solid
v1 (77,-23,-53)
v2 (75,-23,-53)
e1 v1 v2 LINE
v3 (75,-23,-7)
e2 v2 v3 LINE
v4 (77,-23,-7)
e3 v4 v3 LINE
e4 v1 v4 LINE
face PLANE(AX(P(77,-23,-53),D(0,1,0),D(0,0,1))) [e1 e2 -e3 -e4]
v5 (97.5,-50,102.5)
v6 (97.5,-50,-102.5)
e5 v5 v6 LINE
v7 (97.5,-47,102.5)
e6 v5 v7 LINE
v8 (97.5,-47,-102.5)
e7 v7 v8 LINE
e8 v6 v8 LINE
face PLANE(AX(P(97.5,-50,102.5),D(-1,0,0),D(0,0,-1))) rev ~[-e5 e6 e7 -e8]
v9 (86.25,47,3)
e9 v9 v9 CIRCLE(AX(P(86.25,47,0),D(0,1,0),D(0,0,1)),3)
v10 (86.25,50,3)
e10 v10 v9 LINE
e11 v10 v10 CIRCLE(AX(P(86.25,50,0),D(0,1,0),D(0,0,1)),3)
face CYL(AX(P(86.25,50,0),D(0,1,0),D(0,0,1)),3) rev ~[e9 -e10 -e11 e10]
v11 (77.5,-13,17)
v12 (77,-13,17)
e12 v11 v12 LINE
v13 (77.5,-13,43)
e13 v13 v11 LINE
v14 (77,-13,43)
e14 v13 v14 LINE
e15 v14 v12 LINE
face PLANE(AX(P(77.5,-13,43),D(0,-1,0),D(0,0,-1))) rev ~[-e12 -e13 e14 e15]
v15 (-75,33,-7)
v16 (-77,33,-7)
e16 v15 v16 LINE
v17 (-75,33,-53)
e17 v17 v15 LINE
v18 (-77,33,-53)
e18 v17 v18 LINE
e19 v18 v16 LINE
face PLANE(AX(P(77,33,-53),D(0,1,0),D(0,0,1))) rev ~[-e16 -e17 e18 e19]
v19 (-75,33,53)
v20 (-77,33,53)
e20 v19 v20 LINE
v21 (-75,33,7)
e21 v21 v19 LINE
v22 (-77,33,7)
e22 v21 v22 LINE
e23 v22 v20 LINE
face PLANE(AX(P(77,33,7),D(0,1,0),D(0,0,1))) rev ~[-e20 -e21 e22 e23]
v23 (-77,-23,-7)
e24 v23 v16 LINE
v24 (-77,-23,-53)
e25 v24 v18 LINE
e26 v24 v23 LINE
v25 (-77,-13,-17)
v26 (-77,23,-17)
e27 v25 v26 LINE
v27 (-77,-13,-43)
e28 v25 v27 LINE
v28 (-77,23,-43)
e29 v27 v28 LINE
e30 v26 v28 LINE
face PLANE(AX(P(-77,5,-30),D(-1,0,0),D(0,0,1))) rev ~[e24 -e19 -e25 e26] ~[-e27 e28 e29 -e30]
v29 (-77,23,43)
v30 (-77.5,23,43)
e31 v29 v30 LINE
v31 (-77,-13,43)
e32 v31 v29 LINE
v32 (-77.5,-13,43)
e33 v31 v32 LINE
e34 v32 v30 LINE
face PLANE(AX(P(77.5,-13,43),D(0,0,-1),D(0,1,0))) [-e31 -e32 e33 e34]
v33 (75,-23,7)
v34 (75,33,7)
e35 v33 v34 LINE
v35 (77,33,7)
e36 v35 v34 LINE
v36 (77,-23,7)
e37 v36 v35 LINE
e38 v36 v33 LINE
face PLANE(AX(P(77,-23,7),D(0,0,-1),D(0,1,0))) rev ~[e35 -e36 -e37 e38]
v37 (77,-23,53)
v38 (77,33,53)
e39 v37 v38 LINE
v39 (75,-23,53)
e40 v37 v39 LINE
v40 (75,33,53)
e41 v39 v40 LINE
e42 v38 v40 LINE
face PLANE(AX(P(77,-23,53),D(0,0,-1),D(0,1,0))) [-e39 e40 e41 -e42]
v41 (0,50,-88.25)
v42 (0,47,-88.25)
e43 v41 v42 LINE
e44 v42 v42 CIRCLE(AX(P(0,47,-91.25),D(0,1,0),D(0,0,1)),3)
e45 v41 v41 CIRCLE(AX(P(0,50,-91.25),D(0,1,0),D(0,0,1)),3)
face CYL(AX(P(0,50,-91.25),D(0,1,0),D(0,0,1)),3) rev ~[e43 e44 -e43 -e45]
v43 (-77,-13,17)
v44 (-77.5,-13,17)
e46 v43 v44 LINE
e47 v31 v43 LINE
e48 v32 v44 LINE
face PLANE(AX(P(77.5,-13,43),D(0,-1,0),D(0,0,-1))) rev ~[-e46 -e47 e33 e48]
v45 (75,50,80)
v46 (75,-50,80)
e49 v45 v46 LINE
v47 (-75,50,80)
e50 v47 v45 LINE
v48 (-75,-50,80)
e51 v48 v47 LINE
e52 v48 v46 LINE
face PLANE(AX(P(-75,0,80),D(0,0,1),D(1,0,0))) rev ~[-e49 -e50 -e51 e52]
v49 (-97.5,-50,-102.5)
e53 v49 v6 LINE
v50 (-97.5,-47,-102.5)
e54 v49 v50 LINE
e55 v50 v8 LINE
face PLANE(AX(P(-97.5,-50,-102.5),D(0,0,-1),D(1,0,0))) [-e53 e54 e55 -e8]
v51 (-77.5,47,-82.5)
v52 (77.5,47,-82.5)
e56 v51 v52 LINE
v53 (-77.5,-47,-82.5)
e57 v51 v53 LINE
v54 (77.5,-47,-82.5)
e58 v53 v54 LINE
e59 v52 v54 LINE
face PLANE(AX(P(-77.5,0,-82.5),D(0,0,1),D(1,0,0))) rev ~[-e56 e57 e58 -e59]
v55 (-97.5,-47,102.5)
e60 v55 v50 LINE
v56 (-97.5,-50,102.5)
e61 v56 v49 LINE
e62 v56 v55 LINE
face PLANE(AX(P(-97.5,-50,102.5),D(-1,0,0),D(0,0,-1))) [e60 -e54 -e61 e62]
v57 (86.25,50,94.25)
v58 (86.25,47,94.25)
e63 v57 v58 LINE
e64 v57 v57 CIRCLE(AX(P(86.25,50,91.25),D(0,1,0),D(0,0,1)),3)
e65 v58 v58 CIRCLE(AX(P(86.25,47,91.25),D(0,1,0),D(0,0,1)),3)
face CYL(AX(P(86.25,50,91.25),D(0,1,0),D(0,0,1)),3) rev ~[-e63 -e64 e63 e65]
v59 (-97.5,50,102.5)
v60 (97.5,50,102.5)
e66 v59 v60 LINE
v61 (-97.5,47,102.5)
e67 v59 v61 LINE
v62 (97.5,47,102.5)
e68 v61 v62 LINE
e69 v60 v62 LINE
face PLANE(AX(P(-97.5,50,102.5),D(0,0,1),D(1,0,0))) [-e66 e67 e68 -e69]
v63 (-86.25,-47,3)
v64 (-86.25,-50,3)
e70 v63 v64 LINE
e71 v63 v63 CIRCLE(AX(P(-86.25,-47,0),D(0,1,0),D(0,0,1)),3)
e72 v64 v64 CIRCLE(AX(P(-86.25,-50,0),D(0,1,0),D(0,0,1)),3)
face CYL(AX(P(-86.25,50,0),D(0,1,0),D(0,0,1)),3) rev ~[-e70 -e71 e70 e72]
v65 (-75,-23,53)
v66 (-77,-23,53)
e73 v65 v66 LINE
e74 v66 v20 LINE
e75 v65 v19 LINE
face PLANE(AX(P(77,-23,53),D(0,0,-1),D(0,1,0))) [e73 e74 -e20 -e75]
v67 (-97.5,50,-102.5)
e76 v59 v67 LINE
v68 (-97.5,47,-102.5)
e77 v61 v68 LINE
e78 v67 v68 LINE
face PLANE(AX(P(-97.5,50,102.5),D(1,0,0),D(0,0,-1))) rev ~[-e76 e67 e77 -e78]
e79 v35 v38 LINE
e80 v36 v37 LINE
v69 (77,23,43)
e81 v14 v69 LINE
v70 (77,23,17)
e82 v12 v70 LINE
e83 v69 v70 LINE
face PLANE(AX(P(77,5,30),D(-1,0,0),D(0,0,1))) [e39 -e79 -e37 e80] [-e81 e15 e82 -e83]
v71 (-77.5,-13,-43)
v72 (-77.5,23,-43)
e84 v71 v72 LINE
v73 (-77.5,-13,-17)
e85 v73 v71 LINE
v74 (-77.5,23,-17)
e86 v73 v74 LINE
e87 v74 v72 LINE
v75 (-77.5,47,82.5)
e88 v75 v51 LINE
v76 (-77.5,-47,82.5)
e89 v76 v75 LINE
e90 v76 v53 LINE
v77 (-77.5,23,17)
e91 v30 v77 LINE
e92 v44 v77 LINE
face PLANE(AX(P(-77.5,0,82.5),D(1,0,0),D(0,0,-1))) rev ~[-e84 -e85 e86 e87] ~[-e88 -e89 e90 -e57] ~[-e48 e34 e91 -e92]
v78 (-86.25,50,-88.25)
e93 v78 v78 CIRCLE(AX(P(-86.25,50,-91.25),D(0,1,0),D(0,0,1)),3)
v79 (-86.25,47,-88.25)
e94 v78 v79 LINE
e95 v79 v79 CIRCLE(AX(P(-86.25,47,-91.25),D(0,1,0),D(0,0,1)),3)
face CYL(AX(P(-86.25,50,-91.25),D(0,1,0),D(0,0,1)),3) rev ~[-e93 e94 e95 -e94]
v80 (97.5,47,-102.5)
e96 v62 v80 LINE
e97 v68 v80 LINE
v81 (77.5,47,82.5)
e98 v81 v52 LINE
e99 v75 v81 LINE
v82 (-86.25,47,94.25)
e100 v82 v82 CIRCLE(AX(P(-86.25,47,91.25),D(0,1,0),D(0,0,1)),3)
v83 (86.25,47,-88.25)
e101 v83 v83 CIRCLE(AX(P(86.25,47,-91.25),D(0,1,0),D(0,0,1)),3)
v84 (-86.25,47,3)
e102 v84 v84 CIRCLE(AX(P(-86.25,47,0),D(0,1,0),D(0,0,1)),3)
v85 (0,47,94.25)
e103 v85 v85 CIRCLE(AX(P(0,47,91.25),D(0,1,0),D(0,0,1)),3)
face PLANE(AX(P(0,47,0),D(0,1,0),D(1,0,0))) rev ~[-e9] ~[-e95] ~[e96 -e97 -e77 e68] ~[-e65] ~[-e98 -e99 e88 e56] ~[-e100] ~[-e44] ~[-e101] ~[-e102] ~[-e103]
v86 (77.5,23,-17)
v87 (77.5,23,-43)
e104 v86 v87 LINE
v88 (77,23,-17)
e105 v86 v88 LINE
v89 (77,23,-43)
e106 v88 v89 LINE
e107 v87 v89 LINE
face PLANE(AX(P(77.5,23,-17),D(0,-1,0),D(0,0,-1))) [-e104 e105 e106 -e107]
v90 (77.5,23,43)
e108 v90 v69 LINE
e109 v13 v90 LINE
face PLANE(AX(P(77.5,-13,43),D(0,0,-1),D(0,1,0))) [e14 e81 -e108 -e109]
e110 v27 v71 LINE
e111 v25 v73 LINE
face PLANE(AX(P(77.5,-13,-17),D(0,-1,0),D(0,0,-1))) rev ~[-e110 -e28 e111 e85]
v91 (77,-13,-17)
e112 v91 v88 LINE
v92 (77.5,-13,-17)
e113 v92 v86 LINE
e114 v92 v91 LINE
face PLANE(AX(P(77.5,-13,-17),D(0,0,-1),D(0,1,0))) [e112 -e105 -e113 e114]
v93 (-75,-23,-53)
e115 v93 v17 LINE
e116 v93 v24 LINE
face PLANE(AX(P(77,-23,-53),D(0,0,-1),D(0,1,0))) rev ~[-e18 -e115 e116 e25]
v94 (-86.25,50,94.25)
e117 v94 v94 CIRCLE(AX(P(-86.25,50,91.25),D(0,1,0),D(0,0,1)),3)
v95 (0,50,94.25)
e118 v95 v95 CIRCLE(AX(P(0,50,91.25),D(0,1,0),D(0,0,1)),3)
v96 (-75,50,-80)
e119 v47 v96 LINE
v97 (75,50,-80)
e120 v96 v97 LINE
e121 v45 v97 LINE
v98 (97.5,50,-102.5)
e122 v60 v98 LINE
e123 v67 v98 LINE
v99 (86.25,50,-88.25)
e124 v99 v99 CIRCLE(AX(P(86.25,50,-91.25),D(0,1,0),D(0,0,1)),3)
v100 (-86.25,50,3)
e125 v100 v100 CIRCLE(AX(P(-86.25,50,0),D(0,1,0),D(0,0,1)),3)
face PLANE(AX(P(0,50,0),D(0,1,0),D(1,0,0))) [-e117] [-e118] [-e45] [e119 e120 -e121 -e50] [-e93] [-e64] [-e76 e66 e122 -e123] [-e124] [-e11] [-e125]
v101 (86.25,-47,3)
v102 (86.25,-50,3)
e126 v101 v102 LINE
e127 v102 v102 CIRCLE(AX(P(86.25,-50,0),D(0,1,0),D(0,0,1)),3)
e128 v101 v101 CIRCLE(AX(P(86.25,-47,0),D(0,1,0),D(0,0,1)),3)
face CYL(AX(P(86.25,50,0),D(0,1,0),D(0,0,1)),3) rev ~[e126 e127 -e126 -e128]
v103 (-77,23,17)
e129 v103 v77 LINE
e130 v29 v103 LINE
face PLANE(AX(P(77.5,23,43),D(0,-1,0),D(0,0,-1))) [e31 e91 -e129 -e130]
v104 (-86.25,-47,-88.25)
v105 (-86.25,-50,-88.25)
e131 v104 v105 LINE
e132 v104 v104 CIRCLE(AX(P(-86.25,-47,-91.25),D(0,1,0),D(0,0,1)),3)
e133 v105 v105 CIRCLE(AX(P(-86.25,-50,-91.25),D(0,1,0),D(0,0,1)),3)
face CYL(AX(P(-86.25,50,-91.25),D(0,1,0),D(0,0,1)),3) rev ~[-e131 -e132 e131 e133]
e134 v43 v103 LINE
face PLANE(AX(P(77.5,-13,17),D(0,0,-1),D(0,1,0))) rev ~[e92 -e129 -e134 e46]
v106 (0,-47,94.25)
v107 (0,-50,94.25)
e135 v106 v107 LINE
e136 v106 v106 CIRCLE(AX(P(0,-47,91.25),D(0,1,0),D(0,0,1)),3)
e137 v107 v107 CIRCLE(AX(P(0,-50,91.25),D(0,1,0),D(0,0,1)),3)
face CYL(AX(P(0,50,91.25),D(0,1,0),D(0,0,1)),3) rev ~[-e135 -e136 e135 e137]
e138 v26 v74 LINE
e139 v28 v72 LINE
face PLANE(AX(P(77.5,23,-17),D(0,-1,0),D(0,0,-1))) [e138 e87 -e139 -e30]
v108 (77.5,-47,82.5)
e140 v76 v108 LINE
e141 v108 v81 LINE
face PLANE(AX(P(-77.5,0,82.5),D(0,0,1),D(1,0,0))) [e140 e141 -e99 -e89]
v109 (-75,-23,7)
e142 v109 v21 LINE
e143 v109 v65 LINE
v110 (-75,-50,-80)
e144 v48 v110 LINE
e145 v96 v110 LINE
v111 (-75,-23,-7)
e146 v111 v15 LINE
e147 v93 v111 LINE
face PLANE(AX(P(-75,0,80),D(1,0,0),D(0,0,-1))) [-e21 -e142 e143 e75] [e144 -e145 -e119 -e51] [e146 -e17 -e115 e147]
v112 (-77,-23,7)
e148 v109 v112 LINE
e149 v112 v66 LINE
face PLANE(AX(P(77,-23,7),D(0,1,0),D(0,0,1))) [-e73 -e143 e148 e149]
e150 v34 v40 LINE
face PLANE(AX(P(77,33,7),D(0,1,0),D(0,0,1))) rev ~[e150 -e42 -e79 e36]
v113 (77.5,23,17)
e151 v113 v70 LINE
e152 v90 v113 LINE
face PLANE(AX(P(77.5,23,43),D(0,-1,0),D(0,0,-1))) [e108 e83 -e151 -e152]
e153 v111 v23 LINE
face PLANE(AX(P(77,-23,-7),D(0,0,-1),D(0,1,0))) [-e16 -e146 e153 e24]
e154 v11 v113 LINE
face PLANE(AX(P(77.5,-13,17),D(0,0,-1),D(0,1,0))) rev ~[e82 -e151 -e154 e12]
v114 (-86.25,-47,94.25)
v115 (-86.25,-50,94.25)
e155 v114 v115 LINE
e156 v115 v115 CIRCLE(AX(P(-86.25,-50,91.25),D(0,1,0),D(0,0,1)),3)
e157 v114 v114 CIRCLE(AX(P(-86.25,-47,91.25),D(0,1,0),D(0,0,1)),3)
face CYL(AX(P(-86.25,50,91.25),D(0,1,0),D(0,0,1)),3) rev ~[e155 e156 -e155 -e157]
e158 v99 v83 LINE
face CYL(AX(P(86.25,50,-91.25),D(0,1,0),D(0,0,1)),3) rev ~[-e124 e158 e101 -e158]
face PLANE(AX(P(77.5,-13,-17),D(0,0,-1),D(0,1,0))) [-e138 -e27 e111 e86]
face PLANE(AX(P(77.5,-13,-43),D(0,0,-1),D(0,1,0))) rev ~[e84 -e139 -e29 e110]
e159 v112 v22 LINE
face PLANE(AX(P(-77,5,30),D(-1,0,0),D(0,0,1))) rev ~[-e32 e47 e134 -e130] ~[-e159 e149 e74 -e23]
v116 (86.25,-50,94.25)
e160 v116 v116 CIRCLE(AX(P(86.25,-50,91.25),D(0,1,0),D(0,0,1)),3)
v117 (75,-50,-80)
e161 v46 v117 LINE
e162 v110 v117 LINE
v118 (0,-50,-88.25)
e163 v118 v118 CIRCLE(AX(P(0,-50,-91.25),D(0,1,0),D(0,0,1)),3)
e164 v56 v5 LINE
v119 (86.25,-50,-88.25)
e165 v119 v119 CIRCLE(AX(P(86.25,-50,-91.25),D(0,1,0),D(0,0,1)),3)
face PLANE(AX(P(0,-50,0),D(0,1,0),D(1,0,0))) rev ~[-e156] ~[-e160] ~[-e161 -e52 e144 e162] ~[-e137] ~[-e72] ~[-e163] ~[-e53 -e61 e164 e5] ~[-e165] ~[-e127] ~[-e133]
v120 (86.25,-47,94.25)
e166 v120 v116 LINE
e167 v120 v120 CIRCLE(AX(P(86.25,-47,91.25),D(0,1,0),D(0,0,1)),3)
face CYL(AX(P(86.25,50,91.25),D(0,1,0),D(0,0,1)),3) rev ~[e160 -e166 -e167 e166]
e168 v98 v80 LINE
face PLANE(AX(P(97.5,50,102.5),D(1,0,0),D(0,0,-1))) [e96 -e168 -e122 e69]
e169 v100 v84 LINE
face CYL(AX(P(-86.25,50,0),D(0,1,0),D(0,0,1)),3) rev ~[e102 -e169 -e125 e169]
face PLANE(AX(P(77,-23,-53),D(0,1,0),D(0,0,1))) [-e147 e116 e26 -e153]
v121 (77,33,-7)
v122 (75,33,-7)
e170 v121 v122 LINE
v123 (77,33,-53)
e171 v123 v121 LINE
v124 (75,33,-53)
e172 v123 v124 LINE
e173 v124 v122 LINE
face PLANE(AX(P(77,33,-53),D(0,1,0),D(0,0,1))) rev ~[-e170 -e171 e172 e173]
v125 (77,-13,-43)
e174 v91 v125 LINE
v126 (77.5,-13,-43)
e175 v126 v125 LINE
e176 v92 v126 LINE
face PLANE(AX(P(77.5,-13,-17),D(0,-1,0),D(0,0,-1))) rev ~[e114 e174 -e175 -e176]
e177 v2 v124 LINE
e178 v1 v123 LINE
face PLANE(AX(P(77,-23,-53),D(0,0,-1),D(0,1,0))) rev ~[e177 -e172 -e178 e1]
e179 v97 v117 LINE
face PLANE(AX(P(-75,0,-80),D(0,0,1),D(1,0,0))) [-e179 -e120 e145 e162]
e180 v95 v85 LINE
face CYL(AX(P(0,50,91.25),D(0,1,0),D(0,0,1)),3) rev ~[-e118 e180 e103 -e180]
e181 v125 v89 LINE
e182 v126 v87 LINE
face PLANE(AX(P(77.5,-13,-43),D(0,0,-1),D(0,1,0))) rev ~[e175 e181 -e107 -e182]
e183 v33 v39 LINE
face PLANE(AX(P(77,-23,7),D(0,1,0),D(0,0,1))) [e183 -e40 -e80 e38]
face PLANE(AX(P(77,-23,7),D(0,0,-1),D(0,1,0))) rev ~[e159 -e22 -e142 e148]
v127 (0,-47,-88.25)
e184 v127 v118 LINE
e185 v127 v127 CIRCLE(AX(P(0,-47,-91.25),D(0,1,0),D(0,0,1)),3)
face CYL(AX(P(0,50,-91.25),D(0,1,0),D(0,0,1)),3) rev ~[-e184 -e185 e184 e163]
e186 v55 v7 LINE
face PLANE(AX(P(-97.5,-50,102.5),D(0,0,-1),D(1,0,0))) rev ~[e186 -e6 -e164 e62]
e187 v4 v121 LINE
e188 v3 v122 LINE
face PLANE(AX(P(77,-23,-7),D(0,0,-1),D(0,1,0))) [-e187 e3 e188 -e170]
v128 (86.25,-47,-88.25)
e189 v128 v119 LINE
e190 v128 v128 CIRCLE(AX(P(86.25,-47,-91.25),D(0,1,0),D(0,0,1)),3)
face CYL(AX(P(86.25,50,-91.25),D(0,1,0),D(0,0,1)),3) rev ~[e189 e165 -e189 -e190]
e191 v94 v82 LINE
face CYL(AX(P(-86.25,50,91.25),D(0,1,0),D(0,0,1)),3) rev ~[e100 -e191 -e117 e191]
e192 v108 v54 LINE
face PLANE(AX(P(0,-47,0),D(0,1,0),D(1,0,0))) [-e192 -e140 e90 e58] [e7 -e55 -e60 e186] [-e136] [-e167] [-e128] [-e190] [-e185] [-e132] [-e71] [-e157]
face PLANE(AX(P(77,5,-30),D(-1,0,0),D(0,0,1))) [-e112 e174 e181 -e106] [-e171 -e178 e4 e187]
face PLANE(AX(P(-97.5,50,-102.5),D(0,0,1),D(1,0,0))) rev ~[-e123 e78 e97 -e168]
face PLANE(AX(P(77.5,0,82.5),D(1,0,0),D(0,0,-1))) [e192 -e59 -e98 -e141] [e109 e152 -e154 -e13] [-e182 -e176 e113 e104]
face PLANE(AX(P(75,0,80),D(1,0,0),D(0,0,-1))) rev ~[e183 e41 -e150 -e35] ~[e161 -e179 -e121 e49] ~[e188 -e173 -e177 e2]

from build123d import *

# Parameters (mm, degrees)
SKETCH1_W           = 155
SKETCH1_H           = 165
SKETCH1_W_2         = 150
SKETCH1_H_2         = 160
BOSS_EXTRUDE1_DEPTH = 50
SKETCH2_W           = 26
SKETCH2_H           = 36
CUT_EXTRUDE1_DEPTH  = 183.568480303
CUT_EXTRUDE2_START  = -2
SKETCH3_W           = 46
SKETCH3_H           = 56
CUT_EXTRUDE2_DEPTH  = 154
SKETCH4_W           = 195
SKETCH4_H           = 205
SKETCH4_W_2         = 155
SKETCH4_H_2         = 165
BOSS_EXTRUDE2_DEPTH = 3
BOSS_EXTRUDE3_START = -100
SKETCH4_2_W         = 195
SKETCH4_2_H         = 205
SKETCH4_2_W_2       = 155
SKETCH4_2_H_2       = 165
BOSS_EXTRUDE3_DEPTH = 3
SKETCH5_R           = 3
CUT_EXTRUDE3_DEPTH  = 174.241161391


with BuildPart() as part:
    # Sketch1 → Boss-Extrude1 (new, symmetric)
    with BuildSketch(Plane(origin=(0, 0, 0), x_dir=(1, 0, 0), z_dir=(0, 1, 0))):
        Rectangle(SKETCH1_W, SKETCH1_H)
        Rectangle(SKETCH1_W_2, SKETCH1_H_2, mode=Mode.SUBTRACT)
    extrude(amount=BOSS_EXTRUDE1_DEPTH, both=True)

    # Sketch2 → Cut-Extrude1 (cut, through all)
    with BuildSketch(Plane(origin=(77.5, 0, 0), x_dir=(0, 0, -1), z_dir=(1, 0, 0))):
        with Locations((-30, 5)):
            Rectangle(SKETCH2_W, SKETCH2_H)
        with Locations((30, 5)):
            Rectangle(SKETCH2_W, SKETCH2_H)
    extrude(amount=-CUT_EXTRUDE1_DEPTH, mode=Mode.SUBTRACT)

    # Sketch3 → Cut-Extrude2 (cut)
    with BuildSketch(Plane.ZY.offset(-75).offset(CUT_EXTRUDE2_START)):
        with Locations((-30, 5)):
            Rectangle(SKETCH3_W, SKETCH3_H)
        with Locations((30, 5)):
            Rectangle(SKETCH3_W, SKETCH3_H)
    extrude(amount=CUT_EXTRUDE2_DEPTH, mode=Mode.SUBTRACT)

    # Sketch4 → Boss-Extrude2 (add)
    with BuildSketch(Plane(origin=(0, 50, 0), x_dir=(1, 0, 0), z_dir=(0, 1, 0))):
        Rectangle(SKETCH4_W, SKETCH4_H)
        Rectangle(SKETCH4_W_2, SKETCH4_H_2, mode=Mode.SUBTRACT)
    extrude(amount=-BOSS_EXTRUDE2_DEPTH)

    # Sketch4<2> → Boss-Extrude3 (add)
    with BuildSketch(Plane(origin=(0, 50, 0), x_dir=(1, 0, 0), z_dir=(0, 1, 0)).offset(BOSS_EXTRUDE3_START)):
        Rectangle(SKETCH4_2_W, SKETCH4_2_H)
        Rectangle(SKETCH4_2_W_2, SKETCH4_2_H_2, mode=Mode.SUBTRACT)
    extrude(amount=BOSS_EXTRUDE3_DEPTH)

    # Sketch5 → Cut-Extrude3 (cut, through all)
    with BuildSketch(Plane(origin=(0, 50, 0), x_dir=(1, 0, 0), z_dir=(0, 1, 0))):
        with Locations(Location((-86.25, 91.25, 0), (0, 0, 270))):
            Circle(SKETCH5_R)
        with Locations(Location((0, 91.25, 0), (0, 0, 270))):
            Circle(SKETCH5_R)
        with Locations(Location((86.25, 91.25, 0), (0, 0, 270))):
            Circle(SKETCH5_R)
        with Locations(Location((-86.25, 0, 0), (0, 0, 270))):
            Circle(SKETCH5_R)
        with Locations(Location((86.25, 0, 0), (0, 0, 270))):
            Circle(SKETCH5_R)
        with Locations(Location((86.25, -91.25, 0), (0, 0, 270))):
            Circle(SKETCH5_R)
        with Locations(Location((0, -91.25, 0), (0, 0, 270))):
            Circle(SKETCH5_R)
        with Locations(Location((-86.25, -91.25, 0), (0, 0, 270))):
            Circle(SKETCH5_R)
    extrude(amount=-CUT_EXTRUDE3_DEPTH, mode=Mode.SUBTRACT)


solid = part.part
